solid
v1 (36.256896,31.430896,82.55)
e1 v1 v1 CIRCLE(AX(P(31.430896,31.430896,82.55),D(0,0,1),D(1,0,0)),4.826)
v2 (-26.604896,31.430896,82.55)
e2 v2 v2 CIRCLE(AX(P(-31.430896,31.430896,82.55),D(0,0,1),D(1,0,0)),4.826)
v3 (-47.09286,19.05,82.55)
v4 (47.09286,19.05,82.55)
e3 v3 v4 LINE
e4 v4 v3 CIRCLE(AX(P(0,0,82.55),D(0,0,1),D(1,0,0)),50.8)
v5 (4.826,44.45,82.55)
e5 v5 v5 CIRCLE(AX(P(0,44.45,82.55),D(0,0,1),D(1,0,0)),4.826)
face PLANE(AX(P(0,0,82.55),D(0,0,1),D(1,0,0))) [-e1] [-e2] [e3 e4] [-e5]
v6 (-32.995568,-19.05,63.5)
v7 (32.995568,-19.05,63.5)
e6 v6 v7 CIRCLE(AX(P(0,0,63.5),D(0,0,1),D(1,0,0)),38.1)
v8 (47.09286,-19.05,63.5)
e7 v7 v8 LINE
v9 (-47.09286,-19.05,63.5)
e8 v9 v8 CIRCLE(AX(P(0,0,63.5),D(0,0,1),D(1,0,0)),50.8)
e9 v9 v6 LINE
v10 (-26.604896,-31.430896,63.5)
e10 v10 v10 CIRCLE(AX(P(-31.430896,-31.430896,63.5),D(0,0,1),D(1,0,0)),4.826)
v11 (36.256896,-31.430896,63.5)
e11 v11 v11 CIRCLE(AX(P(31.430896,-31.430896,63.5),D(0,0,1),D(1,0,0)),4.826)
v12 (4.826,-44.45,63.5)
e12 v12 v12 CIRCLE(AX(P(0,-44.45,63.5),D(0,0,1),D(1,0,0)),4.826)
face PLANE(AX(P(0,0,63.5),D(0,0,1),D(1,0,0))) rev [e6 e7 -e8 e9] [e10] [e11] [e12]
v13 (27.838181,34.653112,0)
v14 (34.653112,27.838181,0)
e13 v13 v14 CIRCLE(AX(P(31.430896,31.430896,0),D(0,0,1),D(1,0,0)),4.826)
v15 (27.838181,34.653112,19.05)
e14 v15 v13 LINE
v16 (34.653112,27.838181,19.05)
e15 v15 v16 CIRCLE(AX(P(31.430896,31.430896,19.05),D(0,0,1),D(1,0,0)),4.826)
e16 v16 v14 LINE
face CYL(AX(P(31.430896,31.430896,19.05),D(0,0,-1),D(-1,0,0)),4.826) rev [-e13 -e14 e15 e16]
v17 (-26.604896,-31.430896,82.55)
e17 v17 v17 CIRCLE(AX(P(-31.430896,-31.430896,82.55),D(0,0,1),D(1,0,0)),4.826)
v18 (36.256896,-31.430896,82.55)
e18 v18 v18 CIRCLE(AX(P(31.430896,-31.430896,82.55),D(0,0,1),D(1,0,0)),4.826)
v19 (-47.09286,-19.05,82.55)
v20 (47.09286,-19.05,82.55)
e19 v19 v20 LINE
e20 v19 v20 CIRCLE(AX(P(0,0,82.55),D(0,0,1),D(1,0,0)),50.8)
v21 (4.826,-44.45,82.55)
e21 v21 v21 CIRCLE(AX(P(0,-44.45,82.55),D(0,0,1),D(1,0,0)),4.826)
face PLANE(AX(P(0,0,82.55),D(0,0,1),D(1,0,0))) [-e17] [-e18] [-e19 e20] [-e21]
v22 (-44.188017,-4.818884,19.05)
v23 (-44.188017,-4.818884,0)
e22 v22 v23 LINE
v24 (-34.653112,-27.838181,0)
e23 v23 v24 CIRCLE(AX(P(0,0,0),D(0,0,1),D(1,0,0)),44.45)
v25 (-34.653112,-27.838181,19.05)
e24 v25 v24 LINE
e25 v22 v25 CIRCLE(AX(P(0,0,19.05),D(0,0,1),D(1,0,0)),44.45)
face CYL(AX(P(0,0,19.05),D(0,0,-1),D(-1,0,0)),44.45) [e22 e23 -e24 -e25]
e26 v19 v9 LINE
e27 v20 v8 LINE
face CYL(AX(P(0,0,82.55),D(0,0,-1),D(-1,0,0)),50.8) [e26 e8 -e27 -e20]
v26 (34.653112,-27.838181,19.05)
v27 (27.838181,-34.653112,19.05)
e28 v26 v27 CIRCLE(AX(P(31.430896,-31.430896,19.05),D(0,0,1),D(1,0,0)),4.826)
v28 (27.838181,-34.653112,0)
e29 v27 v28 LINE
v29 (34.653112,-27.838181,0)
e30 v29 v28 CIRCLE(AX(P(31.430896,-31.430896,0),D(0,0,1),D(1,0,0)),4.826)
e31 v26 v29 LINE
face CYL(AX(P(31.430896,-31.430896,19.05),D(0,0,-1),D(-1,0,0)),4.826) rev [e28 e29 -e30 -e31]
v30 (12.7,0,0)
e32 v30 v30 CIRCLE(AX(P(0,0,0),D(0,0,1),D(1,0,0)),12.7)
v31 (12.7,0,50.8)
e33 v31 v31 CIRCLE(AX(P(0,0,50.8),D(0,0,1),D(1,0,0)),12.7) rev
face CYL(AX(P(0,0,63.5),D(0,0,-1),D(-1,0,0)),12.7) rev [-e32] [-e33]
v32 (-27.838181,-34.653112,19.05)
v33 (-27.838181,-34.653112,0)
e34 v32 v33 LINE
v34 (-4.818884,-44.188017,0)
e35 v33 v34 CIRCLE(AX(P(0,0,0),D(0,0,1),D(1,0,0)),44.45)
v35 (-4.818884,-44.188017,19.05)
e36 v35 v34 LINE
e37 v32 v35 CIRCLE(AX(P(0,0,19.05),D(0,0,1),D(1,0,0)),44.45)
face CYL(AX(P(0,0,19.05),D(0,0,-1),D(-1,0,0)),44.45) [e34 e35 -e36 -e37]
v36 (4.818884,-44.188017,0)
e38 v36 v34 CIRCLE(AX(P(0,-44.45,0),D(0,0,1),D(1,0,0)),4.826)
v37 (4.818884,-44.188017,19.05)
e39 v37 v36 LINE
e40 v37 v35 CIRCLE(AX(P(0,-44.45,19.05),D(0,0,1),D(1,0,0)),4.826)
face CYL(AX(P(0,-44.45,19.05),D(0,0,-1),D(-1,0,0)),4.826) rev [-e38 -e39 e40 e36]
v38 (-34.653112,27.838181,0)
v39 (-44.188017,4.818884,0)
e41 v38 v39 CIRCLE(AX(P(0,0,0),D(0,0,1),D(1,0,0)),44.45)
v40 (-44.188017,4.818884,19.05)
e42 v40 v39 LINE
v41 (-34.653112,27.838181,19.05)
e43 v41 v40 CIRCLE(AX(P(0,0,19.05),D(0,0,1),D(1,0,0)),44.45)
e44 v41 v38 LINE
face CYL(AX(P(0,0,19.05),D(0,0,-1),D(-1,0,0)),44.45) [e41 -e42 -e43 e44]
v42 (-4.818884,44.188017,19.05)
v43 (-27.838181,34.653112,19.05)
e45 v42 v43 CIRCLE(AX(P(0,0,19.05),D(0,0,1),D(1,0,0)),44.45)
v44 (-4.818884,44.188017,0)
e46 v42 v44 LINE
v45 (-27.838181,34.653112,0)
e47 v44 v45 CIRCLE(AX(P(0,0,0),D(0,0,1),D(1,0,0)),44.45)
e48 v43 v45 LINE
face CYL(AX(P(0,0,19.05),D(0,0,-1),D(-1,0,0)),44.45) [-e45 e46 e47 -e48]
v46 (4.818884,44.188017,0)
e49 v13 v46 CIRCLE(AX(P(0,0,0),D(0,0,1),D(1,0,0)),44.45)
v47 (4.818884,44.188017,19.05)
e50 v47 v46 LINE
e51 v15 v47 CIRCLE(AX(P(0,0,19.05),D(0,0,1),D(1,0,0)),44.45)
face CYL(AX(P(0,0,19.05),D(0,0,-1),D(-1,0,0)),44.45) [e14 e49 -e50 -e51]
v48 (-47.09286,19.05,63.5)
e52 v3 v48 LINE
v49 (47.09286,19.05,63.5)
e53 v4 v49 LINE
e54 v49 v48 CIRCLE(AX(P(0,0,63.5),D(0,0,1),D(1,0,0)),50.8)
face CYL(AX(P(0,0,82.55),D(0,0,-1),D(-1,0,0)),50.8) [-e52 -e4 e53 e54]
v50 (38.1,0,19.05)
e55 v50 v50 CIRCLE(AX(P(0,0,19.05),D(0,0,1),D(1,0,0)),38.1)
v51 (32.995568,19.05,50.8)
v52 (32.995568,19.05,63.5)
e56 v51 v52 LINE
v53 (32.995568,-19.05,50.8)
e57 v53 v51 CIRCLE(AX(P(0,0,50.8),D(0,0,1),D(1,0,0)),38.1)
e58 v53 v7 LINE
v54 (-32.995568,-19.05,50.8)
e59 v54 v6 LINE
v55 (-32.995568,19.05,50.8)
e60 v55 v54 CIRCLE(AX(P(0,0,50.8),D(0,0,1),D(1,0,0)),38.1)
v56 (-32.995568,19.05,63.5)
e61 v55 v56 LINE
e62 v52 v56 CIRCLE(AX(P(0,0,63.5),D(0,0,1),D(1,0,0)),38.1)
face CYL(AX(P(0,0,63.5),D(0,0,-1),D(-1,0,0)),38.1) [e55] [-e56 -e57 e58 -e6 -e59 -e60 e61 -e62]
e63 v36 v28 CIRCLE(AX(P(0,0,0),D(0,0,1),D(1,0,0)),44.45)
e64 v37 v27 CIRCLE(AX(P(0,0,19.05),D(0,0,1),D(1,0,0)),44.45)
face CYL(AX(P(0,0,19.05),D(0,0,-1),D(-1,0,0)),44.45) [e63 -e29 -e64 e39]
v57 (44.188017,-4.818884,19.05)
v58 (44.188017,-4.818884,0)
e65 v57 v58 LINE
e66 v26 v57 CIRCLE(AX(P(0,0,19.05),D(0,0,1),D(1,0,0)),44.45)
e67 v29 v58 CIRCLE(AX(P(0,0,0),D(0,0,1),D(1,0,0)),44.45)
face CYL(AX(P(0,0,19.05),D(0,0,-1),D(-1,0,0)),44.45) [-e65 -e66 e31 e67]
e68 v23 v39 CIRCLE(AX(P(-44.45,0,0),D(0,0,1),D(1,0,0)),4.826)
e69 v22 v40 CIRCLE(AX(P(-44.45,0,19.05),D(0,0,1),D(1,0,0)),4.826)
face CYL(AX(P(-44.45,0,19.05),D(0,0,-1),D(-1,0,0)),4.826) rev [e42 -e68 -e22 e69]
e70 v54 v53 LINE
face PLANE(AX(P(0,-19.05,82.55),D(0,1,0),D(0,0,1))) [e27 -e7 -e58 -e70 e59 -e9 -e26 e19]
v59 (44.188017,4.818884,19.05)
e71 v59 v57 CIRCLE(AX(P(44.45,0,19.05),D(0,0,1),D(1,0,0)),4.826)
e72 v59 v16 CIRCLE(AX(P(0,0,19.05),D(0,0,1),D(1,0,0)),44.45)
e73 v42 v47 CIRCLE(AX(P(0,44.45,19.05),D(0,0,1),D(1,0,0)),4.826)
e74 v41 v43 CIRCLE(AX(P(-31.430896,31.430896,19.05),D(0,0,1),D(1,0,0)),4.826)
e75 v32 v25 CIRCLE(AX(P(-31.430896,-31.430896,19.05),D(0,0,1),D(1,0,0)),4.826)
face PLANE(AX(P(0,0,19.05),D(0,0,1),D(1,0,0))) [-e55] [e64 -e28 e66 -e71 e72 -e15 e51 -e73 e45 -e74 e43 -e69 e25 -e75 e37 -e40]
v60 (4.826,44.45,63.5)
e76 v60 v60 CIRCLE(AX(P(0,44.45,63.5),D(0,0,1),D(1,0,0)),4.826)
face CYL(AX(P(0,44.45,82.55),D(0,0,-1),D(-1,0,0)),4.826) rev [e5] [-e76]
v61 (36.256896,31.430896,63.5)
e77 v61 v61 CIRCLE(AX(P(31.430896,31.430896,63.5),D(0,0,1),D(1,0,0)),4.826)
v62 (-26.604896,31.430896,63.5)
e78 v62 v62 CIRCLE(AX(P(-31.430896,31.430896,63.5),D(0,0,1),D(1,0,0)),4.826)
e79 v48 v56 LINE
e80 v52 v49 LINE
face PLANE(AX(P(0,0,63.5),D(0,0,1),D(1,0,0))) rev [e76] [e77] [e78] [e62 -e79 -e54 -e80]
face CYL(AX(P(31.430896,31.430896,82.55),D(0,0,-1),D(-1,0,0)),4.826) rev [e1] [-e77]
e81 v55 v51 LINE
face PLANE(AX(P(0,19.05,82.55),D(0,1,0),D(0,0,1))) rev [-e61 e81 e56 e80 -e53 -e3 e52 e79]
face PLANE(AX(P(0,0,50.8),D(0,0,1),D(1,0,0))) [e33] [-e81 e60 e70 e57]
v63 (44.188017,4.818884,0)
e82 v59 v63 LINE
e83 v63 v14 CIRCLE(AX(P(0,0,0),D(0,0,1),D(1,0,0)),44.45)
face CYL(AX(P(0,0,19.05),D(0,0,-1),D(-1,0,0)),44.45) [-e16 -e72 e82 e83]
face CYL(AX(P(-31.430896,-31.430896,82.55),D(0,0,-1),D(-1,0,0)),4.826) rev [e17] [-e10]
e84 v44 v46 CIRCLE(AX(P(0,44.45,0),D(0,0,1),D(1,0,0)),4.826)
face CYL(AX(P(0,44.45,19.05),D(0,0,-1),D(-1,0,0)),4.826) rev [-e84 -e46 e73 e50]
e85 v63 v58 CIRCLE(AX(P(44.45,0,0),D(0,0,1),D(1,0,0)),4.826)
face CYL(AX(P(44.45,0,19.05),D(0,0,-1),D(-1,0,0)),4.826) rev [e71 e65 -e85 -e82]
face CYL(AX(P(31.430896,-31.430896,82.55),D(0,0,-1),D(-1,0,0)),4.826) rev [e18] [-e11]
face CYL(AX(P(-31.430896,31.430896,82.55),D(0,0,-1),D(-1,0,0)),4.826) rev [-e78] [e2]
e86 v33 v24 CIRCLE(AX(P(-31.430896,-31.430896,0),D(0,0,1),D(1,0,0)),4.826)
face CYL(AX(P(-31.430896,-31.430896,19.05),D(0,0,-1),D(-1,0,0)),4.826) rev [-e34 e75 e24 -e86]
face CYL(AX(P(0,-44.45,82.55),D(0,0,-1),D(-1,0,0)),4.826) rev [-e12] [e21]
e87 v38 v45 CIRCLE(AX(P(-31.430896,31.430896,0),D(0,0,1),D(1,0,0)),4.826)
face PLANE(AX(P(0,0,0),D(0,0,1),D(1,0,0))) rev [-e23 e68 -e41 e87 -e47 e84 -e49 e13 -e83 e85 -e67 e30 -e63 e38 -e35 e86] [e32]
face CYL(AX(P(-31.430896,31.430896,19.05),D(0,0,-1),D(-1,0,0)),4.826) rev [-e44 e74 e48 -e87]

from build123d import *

# Parameters (mm, degrees)
SKETCH1_R           = 38.1
SKETCH1_R_2         = 12.7
BOSS_EXTRUDE1_DEPTH = 63.5
SKETCH1_3_R         = 38.1
BOSS_EXTRUDE2_DEPTH = 19.05
SKETCH2_R           = 4.826
BOSS_EXTRUDE3_DEPTH = 19.05
CUT_EXTRUDE1_START  = -12.7
SKETCH2_3_R         = 12.7
CUT_EXTRUDE1_DEPTH  = 12.7


with BuildPart() as part:
    # Sketch1 → Boss-Extrude1 (new body)
    with BuildSketch(Plane.XY):
        Circle(SKETCH1_R)
        Circle(SKETCH1_R_2, mode=Mode.SUBTRACT)
    extrude(amount=BOSS_EXTRUDE1_DEPTH)

    # Sketch1<3> → Boss-Extrude2 (add)
    with BuildSketch(Plane.XY):
        with BuildLine():
            ThreePointArc((44.188017143, -4.81888379), (39.624, 0), (44.188017143, 4.81888379))
            ThreePointArc((44.188017143, 4.81888379), (41.06644522, 17.010278569), (34.653111975, 27.838181163))
            ThreePointArc((34.653111975, 27.838181163), (28.018399098, 28.018399098), (27.838181163, 34.653111975))
            ThreePointArc((27.838181163, 34.653111975), (17.010278569, 41.06644522), (4.81888379, 44.188017143))
            ThreePointArc((4.81888379, 44.188017143), (0, 39.624), (-4.81888379, 44.188017143))
            ThreePointArc((-4.81888379, 44.188017143), (-17.010278569, 41.06644522), (-27.838181163, 34.653111975))
            ThreePointArc((-27.838181163, 34.653111975), (-26.923750994, 33.155980792), (-26.604896424, 31.430896424))
            ThreePointArc((-26.604896424, 31.430896424), (-29.463682181, 27.024044472), (-34.653111975, 27.838181163))
            ThreePointArc((-34.653111975, 27.838181163), (-41.06644522, 17.010278569), (-44.188017143, 4.81888379))
            ThreePointArc((-44.188017143, 4.81888379), (-40.946101795, 3.318580022), (-39.624, 0))
            ThreePointArc((-39.624, 0), (-40.946101795, -3.318580023), (-44.188017143, -4.81888379))
            ThreePointArc((-44.188017143, -4.81888379), (-41.06644522, -17.010278569), (-34.653111975, -27.838181163))
            ThreePointArc((-34.653111975, -27.838181163), (-29.463682181, -27.024044472), (-26.604896424, -31.430896424))
            ThreePointArc((-26.604896424, -31.430896424), (-26.923750994, -33.155980792), (-27.838181163, -34.653111975))
            ThreePointArc((-27.838181163, -34.653111975), (-17.010278569, -41.06644522), (-4.81888379, -44.188017143))
            ThreePointArc((-4.81888379, -44.188017143), (0, -39.624), (4.81888379, -44.188017143))
            ThreePointArc((4.81888379, -44.188017143), (17.010278569, -41.06644522), (27.838181163, -34.653111975))
            ThreePointArc((27.838181163, -34.653111975), (28.018399098, -28.018399098), (34.653111975, -27.838181163))
            ThreePointArc((34.653111975, -27.838181163), (41.06644522, -17.010278569), (44.188017143, -4.81888379))
        make_face()
        Circle(SKETCH1_3_R, mode=Mode.SUBTRACT)
    extrude(amount=BOSS_EXTRUDE2_DEPTH)

    # Sketch2 → Boss-Extrude3 (add)
    # profile 1 of 2: a face of its own
    with BuildSketch(Plane.XY.offset(63.5)):
        with BuildLine():
            ThreePointArc((47.092860393, 19.05), (0, 50.8), (-47.092860393, 19.05))
            Line((-47.092860393, 19.05), (47.092860393, 19.05))
        make_face()
        with Locations((-31.430896424, 31.430896424)):
            Circle(SKETCH2_R, mode=Mode.SUBTRACT)
        with Locations((0, 44.45)):
            Circle(SKETCH2_R, mode=Mode.SUBTRACT)
        with Locations((31.430896424, 31.430896424)):
            Circle(SKETCH2_R, mode=Mode.SUBTRACT)
    # profile 2 of 2: a face of its own
    with BuildSketch(Plane.XY.offset(63.5)):
        with BuildLine():
            Line((47.092860393, -19.05), (-47.092860393, -19.05))
            ThreePointArc((-47.092860393, -19.05), (0, -50.8), (47.092860393, -19.05))
        make_face()
        with Locations((-31.430896424, -31.430896424)):
            Circle(SKETCH2_R, mode=Mode.SUBTRACT)
        with Locations((0, -44.45)):
            Circle(SKETCH2_R, mode=Mode.SUBTRACT)
        with Locations((31.430896424, -31.430896424)):
            Circle(SKETCH2_R, mode=Mode.SUBTRACT)
    extrude(amount=BOSS_EXTRUDE3_DEPTH)

    # Sketch2<3> → Cut-Extrude1 (cut)
    with BuildSketch(Plane.XY.offset(63.5).offset(CUT_EXTRUDE1_START)):
        with BuildLine():
            Line((32.995567884, 19.05), (-32.995567884, 19.05))
            ThreePointArc((-32.995567884, 19.05), (-38.1, 0), (-32.995567884, -19.05))
            Line((-32.995567884, -19.05), (32.995567884, -19.05))
            ThreePointArc((32.995567884, -19.05), (38.1, 0), (32.995567884, 19.05))
        make_face()
        Circle(SKETCH2_3_R, mode=Mode.SUBTRACT)
    extrude(amount=CUT_EXTRUDE1_DEPTH, mode=Mode.SUBTRACT)


solid = part.part
